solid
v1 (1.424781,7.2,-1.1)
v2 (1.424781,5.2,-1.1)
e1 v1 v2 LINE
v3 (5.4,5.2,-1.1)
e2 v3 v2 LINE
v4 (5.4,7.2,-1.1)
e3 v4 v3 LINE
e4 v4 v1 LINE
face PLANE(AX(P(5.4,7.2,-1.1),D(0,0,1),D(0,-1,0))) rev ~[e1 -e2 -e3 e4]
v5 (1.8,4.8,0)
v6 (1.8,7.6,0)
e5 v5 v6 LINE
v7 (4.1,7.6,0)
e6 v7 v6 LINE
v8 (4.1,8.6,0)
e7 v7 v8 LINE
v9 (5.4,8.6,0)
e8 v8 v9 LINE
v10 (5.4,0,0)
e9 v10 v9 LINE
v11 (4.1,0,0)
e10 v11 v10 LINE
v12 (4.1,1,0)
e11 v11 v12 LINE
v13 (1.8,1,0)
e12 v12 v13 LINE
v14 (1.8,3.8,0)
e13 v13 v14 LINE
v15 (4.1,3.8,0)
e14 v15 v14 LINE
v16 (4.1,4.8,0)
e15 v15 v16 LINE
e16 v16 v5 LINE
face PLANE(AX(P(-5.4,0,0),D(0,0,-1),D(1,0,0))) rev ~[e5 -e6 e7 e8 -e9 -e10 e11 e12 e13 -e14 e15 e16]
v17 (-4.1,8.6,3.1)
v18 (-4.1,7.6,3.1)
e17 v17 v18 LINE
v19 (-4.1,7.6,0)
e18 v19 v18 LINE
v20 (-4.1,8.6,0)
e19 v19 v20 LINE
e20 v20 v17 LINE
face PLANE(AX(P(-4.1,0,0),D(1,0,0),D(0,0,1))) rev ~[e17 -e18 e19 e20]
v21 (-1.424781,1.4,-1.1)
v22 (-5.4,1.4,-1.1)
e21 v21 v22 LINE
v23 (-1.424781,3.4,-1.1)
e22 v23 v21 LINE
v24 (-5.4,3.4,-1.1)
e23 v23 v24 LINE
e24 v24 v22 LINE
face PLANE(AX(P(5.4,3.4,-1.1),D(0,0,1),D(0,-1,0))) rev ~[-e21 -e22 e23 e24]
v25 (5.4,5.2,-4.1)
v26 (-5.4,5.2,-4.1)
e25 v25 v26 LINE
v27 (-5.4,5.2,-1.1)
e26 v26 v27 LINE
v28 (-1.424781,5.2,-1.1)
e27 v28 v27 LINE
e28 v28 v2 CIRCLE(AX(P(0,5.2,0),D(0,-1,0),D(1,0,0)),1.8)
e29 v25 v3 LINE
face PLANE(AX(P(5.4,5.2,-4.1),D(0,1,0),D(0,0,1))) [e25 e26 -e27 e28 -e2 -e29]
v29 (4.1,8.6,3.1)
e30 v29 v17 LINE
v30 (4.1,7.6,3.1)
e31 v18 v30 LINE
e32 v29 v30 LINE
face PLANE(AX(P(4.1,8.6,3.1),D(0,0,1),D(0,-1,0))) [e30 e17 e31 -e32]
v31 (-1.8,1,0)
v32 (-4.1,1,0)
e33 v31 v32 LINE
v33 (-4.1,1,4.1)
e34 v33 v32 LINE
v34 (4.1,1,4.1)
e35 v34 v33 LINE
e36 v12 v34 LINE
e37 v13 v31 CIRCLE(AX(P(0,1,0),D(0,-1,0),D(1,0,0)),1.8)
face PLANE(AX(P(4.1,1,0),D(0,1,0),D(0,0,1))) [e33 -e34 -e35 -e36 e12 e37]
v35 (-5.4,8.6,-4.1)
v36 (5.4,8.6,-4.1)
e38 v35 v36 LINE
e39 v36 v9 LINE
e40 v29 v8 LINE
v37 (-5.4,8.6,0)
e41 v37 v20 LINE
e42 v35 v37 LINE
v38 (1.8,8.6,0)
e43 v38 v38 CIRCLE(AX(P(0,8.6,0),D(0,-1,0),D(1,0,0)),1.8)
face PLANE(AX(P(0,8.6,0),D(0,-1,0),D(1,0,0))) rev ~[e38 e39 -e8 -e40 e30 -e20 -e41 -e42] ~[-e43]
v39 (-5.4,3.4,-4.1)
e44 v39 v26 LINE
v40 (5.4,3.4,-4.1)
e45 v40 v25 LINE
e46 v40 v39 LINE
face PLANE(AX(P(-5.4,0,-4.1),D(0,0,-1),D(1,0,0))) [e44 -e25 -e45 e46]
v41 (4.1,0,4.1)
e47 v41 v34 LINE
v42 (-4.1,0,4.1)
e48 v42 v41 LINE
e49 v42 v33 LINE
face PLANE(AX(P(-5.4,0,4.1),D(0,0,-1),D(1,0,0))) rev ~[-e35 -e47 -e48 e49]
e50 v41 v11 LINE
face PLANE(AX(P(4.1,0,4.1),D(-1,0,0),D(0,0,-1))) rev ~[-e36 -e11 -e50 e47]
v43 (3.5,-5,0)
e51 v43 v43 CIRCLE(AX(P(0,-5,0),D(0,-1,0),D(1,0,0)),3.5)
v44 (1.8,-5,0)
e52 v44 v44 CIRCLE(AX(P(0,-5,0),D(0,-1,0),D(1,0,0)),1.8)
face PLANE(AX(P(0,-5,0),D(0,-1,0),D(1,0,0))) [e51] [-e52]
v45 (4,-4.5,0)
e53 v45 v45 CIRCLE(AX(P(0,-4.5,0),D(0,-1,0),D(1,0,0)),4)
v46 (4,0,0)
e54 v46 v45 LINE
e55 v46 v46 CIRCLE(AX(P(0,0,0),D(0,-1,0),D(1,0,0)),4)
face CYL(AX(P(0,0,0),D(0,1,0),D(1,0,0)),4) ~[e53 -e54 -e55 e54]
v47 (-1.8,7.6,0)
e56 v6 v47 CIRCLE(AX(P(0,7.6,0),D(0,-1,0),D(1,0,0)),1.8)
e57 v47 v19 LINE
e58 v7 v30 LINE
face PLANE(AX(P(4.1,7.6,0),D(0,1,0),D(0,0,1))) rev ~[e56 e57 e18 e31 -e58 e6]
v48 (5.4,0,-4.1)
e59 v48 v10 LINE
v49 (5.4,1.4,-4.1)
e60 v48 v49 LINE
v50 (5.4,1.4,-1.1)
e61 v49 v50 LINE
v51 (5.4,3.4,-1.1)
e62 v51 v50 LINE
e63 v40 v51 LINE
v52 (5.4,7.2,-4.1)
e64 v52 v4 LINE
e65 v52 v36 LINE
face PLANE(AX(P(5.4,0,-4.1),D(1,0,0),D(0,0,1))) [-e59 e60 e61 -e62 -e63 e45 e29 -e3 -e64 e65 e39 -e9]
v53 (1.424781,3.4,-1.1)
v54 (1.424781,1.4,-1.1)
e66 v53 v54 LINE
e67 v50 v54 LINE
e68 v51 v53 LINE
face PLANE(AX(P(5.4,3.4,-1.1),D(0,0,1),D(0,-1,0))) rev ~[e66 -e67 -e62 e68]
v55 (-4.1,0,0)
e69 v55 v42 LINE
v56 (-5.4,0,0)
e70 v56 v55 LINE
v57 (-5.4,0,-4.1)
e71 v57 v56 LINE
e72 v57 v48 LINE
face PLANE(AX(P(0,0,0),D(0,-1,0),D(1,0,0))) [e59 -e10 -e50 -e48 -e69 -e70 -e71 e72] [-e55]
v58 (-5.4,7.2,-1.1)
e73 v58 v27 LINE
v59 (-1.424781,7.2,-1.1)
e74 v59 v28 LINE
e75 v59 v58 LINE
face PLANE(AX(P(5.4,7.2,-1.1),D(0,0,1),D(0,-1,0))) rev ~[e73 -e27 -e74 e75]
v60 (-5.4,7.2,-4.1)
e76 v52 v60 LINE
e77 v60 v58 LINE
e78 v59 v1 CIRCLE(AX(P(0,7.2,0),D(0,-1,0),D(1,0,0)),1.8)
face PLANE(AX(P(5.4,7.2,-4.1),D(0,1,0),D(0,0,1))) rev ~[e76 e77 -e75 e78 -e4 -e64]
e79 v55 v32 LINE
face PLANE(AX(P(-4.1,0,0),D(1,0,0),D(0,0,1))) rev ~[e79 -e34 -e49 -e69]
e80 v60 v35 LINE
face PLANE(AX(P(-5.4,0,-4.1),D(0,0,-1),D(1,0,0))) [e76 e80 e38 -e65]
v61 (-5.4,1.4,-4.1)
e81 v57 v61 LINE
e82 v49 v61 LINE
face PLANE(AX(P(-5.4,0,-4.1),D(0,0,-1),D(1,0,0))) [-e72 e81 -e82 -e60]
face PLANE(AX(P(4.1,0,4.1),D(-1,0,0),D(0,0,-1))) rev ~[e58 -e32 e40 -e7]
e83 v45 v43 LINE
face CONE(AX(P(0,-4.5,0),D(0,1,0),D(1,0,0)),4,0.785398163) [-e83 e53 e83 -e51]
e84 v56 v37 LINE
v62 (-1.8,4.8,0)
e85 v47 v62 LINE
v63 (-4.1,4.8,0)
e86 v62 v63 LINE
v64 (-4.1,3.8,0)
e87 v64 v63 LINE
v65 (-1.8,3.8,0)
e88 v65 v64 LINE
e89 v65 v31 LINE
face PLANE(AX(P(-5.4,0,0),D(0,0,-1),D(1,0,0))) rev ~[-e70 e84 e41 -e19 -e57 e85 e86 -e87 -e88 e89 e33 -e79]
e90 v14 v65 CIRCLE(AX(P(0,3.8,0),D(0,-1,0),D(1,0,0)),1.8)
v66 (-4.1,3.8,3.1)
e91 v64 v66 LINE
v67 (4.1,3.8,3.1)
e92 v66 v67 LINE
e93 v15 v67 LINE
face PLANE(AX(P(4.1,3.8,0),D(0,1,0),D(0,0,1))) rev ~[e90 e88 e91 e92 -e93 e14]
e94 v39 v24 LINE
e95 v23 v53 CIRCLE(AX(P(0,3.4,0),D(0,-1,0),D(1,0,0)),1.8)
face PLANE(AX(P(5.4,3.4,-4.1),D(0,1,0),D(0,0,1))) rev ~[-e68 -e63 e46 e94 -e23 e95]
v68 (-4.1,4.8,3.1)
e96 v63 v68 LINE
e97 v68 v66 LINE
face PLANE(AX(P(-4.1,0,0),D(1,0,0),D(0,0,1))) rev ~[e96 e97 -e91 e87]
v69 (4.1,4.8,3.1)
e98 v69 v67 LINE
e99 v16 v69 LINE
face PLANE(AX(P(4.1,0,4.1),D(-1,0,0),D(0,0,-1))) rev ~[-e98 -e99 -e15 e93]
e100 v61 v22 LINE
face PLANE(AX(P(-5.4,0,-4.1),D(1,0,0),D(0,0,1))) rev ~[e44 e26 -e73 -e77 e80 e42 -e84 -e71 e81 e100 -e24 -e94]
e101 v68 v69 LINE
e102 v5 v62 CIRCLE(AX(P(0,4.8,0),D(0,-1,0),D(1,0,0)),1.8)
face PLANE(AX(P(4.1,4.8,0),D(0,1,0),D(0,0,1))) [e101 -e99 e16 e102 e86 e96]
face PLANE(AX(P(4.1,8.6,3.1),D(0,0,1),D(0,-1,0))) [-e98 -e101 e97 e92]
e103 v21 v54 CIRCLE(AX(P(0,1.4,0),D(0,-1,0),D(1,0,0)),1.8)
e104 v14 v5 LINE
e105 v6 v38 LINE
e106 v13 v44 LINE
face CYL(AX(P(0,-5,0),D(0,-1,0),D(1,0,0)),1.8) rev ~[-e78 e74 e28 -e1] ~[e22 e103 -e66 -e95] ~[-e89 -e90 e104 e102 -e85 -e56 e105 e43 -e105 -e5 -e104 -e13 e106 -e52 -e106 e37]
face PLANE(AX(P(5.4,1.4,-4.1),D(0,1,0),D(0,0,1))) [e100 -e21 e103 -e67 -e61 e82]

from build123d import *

# Parameters (mm, degrees)
SKETCH_W               = 10.8
SKETCH_H               = 8.2
PAD_DEPTH              = 8.6
SKETCH001_W            = 3
SKETCH001_H            = 2
POCKET_DEPTH           = 10.801
LINEARPATTERN_COUNT    = 2
LINEARPATTERN_PITCH    = 3.8
POCKET001_DEPTH        = 8.601
SKETCH003_W            = 4.1
SKETCH003_H            = 2.8
POCKET002_DEPTH        = 9.501
LINEARPATTERN001_COUNT = 2
LINEARPATTERN001_PITCH = 3.8
SKETCH004_W            = 1
SKETCH004_H            = 7.6
POCKET003_DEPTH        = 9.501
SKETCH005_R            = 1.8
POCKET004_DEPTH        = 8.601
SKETCH006_R            = 4
PAD001_DEPTH           = 5
SKETCH007_R            = 1.8
POCKET005_DEPTH        = 5
CHAMFER_SIZE           = 0.5


with BuildPart() as part:
    # Sketch → Pad (new body)
    with BuildSketch(Plane.XZ):
        Rectangle(SKETCH_W, SKETCH_H)
    extrude(amount=-PAD_DEPTH)

    # Sketch001 (on Face2 of Pad) → Pocket (cut, through all)
    with BuildSketch(Plane(origin=(5.4, 0, 0), x_dir=(0, 0, 1), z_dir=(1, 0, 0))):
        with Locations((-2.6, -2.4)):
            Rectangle(SKETCH001_W, SKETCH001_H)
    pocket = extrude(amount=-POCKET_DEPTH, mode=Mode.SUBTRACT)

    # LinearPattern: Pocket ×2
    with Locations(*[(0, i * LINEARPATTERN_PITCH, 0) for i in range(1, LINEARPATTERN_COUNT)]):
        add(pocket, mode=Mode.SUBTRACT)

    # Sketch002 (on Face4 of LinearPattern) → Pocket001 (cut, through all)
    with BuildSketch(Plane.XZ):
        Polygon((-5.4, 0), (-4.1, 0), (-4.1, 4.1), (4.1, 4.1), (4.1, 0), (5.4, 0), (5.4, 5), (-5.4, 5), align=None)
    extrude(amount=-POCKET001_DEPTH, mode=Mode.SUBTRACT)

    # Sketch003 (on Face3 of Pocket001) → Pocket002 (cut, through all)
    with BuildSketch(Plane(origin=(4.1, 0, 0), x_dir=(0, 0, 1), z_dir=(1, 0, 0))):
        with Locations((2.05, -2.4)):
            Rectangle(SKETCH003_W, SKETCH003_H)
    pocket002 = extrude(amount=-POCKET002_DEPTH, mode=Mode.SUBTRACT)

    # LinearPattern001: Pocket002 ×2
    with Locations(*[(0, i * LINEARPATTERN001_PITCH, 0) for i in range(1, LINEARPATTERN001_COUNT)]):
        add(pocket002, mode=Mode.SUBTRACT)

    # Sketch004 (on Face25 of LinearPattern001) → Pocket003 (cut, through all)
    with BuildSketch(Plane(origin=(4.1, 0, 0), x_dir=(0, 0, 1), z_dir=(1, 0, 0))):
        with Locations((3.6, -4.8)):
            Rectangle(SKETCH004_W, SKETCH004_H)
    extrude(amount=-POCKET003_DEPTH, mode=Mode.SUBTRACT)

    # Sketch005 (on Face2 of Pocket003) → Pocket004 (cut, through all)
    with BuildSketch(Plane.XZ):
        Circle(SKETCH005_R)
    extrude(amount=-POCKET004_DEPTH, mode=Mode.SUBTRACT)

    # Sketch006 (on Face2 of Pocket004) → Pad001 (join)
    with BuildSketch(Plane.XZ):
        Circle(SKETCH006_R)
    extrude(amount=PAD001_DEPTH)

    # Sketch007 (on Face32 of Pad001) → Pocket005 (cut)
    with BuildSketch(Plane.XZ.offset(5)):
        Circle(SKETCH007_R)
    extrude(amount=-POCKET005_DEPTH, mode=Mode.SUBTRACT)

    # Chamfer
    chamfer_edges = [part.edges().sort_by_distance(p)[0] for p in [
        (-4, -5, 0),
    ]]
    chamfer(chamfer_edges, length=CHAMFER_SIZE)


solid = part.part
